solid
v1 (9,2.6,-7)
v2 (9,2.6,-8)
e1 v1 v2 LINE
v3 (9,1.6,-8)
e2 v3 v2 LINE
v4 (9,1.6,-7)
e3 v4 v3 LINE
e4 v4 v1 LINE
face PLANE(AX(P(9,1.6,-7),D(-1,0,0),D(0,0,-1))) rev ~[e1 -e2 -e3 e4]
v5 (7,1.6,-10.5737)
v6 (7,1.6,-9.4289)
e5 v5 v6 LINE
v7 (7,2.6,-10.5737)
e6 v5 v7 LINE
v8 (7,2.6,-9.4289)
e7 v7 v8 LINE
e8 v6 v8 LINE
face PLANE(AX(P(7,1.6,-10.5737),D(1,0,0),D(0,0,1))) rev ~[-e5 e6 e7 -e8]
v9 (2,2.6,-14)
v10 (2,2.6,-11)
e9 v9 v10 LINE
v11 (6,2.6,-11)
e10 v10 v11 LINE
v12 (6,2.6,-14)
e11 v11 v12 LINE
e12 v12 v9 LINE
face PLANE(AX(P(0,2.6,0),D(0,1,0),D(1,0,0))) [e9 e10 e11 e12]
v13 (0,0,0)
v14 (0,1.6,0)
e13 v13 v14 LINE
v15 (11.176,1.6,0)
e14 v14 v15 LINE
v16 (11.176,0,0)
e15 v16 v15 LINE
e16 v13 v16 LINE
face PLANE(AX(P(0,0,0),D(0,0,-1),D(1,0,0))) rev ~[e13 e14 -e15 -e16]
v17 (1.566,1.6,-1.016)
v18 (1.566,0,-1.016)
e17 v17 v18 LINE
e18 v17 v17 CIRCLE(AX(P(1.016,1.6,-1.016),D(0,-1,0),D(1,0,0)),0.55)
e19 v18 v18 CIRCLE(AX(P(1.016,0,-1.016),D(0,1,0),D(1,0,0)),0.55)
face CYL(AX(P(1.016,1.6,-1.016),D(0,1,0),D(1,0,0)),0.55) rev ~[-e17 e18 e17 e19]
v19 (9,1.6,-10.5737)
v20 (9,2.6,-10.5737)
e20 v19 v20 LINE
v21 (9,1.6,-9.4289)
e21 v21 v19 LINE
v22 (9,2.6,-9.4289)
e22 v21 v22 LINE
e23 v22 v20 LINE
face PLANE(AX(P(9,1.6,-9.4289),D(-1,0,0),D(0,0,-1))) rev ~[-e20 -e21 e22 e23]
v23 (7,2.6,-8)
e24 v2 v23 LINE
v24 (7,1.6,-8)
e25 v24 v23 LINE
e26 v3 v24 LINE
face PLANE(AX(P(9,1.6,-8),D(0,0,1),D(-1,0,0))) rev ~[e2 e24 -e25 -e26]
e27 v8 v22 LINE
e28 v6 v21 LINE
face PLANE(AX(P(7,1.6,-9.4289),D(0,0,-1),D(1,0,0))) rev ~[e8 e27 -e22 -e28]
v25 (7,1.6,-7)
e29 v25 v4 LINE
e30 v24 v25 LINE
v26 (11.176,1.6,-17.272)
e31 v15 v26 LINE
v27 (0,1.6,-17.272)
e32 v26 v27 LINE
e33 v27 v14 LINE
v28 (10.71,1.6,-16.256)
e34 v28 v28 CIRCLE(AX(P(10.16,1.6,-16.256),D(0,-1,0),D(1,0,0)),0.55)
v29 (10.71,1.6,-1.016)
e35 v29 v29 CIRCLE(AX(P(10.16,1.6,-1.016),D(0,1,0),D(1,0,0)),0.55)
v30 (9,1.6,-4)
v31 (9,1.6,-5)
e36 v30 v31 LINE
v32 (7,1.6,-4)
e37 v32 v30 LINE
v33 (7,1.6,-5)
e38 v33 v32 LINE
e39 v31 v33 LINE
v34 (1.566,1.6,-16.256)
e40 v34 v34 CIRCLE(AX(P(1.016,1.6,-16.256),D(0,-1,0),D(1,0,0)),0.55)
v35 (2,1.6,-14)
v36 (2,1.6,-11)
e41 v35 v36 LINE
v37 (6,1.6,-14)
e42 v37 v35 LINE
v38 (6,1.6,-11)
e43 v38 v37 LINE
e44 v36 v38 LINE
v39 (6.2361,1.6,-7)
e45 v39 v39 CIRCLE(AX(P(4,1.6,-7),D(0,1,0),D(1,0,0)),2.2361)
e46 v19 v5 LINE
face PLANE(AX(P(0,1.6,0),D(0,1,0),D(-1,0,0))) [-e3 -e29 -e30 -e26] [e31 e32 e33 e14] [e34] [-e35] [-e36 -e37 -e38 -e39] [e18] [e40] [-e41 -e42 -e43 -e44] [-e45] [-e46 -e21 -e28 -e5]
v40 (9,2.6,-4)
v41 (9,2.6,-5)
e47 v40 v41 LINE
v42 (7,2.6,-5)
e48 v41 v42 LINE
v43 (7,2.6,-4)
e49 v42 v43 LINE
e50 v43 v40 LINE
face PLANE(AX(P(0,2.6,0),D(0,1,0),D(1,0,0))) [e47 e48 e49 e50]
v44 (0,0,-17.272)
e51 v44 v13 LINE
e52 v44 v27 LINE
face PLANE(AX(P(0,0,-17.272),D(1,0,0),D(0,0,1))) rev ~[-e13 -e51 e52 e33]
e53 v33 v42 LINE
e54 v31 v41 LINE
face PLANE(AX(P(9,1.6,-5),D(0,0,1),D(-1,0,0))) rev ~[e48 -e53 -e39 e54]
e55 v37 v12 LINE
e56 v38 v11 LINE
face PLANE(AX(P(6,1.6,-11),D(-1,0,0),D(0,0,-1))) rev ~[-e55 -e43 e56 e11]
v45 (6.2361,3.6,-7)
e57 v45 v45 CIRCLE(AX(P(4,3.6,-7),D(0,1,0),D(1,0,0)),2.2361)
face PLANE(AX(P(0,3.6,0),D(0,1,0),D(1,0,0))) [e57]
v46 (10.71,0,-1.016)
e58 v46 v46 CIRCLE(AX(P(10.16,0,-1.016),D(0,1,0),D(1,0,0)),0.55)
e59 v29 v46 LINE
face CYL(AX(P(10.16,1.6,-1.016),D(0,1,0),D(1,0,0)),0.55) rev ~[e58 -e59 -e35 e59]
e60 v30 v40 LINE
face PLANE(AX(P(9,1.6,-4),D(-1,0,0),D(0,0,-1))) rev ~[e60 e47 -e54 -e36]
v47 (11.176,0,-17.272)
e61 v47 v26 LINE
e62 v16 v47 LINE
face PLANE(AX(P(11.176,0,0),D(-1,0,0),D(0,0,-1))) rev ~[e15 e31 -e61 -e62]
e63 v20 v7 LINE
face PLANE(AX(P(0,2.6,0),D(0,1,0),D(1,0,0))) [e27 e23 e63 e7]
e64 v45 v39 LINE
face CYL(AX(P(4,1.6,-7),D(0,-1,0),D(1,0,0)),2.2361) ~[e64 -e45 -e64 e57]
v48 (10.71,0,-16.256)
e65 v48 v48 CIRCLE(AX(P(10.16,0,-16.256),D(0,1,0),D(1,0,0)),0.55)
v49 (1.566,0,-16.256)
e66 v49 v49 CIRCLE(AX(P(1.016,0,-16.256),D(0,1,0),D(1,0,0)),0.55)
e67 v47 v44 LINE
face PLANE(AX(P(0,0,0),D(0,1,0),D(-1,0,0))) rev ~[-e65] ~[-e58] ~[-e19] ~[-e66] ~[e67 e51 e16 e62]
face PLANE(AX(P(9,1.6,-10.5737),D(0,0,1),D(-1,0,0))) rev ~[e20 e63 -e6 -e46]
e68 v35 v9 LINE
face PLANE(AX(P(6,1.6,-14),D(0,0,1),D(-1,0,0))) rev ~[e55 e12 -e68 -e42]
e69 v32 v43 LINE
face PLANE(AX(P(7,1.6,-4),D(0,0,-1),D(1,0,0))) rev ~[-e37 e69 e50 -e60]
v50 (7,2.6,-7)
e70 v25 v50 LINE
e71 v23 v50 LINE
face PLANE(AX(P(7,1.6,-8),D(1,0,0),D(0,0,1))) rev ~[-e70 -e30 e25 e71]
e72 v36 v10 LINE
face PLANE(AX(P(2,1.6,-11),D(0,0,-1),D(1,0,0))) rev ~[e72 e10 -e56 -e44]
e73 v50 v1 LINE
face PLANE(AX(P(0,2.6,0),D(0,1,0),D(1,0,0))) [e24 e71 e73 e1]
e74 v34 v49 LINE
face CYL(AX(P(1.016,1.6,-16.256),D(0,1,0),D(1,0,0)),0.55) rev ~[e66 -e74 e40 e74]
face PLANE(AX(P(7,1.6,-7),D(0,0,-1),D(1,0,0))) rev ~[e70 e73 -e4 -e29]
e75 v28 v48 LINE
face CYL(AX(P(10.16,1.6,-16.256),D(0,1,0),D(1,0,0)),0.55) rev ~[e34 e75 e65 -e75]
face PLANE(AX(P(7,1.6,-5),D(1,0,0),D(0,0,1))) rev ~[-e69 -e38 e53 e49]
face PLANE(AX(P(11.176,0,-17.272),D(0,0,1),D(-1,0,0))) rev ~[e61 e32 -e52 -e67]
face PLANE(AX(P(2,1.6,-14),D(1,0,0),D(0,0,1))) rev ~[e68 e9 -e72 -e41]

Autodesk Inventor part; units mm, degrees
ref_plane "YZ Plane" through (0, 0, 0) normal (1, 0, 0) x (0, 1, 0)
ref_plane "XZ Plane" through (0, 0, 0) normal (0, 1, 0) x (-1, 0, 0)
ref_plane "XY Plane" through (0, 0, 0) normal (0, 0, 1) x (1, 0, 0)
sketch "Szkic1" plane through (0, 0, 0) normal (0, 1, 0) x (-1, 0, 0)
  line L0 (0, 0) -> (-11.176, 0)
  line L1 (-11.176, 0) -> (-11.176, -17.272)
  line L2 (-11.176, -17.272) -> (0, -17.272)
  line L3 (0, -17.272) -> (0, 0)
  dimension "d0" = 17.272
  dimension "d1" = 11.176
extrude "Wyciągnięcie proste1" add sketch "Szkic1" along normal blind 1.6
sketch "Szkic2" plane through (0, 1.6, 0) normal (0, 1, 0) x (1, 0, 0)
  line L0 (11.176, 0) -> (11.176, 17.272) projected
  line L1 (11.176, 17.272) -> (0, 17.272) projected
  line L2 (0, 17.272) -> (0, 0) projected
  line L3 (0, 0) -> (11.176, 0) projected
  circle A0 centre (1.016, 1.016) radius 0.55
  circle A1 centre (1.016, 16.256) radius 0.55
  circle A2 centre (10.16, 1.016) radius 0.55
  circle A3 centre (10.16, 16.256) radius 0.55
  line L4 (1.016, 1.016) -> (1.016, 16.256)
  line L5 (1.016, 16.256) -> (10.16, 16.256)
  point P0 (1.016, 8.636)
  point P1 (0, 8.636)
  point P2 (5.588, 16.256)
  point P3 (5.588, 17.272)
  dimension "d4" = 1.1
  dimension "d5" = 1.1
  dimension "d6" = 1.1
  dimension "d7" = 1.1
  dimension "d8" = 15.24
  dimension "d9" = 9.144
extrude "Wyciągnięcie proste2" cut sketch "Szkic2" against normal through all contours A0 | A3 | A1 L5 L4 | L4 L5 A1 | A2
sketch "Szkic3" plane through (0, 1.6, 0) normal (0, 1, 0) x (1, 0, 0)
  circle A0 centre (4, 7) radius 2.2361
  line L0 (7, 4) -> (9, 4)
  line L1 (9, 4) -> (9, 5)
  line L2 (9, 5) -> (7, 5)
  line L3 (7, 5) -> (7, 4)
  line L4 (7, 7) -> (9, 7)
  line L5 (9, 7) -> (9, 8)
  line L6 (9, 8) -> (7, 8)
  line L7 (7, 8) -> (7, 7)
  line L8 (7, 9.4289) -> (9, 9.4289)
  line L9 (9, 9.4289) -> (9, 10.5737)
  line L10 (9, 10.5737) -> (7, 10.5737)
  line L11 (7, 10.5737) -> (7, 9.4289)
  line L12 (2, 11) -> (6, 11)
  line L13 (6, 11) -> (6, 14)
  line L14 (6, 14) -> (2, 14)
  line L15 (2, 14) -> (2, 11)
  point P0 (0, 0)
extrude "Wyciągnięcie proste3" add sketch "Szkic3" along normal blind 1
extrude "Wyciągnięcie proste4" add sketch "Szkic3" along normal blind 2 contours A0
properties part number "MH-MINI-360"
